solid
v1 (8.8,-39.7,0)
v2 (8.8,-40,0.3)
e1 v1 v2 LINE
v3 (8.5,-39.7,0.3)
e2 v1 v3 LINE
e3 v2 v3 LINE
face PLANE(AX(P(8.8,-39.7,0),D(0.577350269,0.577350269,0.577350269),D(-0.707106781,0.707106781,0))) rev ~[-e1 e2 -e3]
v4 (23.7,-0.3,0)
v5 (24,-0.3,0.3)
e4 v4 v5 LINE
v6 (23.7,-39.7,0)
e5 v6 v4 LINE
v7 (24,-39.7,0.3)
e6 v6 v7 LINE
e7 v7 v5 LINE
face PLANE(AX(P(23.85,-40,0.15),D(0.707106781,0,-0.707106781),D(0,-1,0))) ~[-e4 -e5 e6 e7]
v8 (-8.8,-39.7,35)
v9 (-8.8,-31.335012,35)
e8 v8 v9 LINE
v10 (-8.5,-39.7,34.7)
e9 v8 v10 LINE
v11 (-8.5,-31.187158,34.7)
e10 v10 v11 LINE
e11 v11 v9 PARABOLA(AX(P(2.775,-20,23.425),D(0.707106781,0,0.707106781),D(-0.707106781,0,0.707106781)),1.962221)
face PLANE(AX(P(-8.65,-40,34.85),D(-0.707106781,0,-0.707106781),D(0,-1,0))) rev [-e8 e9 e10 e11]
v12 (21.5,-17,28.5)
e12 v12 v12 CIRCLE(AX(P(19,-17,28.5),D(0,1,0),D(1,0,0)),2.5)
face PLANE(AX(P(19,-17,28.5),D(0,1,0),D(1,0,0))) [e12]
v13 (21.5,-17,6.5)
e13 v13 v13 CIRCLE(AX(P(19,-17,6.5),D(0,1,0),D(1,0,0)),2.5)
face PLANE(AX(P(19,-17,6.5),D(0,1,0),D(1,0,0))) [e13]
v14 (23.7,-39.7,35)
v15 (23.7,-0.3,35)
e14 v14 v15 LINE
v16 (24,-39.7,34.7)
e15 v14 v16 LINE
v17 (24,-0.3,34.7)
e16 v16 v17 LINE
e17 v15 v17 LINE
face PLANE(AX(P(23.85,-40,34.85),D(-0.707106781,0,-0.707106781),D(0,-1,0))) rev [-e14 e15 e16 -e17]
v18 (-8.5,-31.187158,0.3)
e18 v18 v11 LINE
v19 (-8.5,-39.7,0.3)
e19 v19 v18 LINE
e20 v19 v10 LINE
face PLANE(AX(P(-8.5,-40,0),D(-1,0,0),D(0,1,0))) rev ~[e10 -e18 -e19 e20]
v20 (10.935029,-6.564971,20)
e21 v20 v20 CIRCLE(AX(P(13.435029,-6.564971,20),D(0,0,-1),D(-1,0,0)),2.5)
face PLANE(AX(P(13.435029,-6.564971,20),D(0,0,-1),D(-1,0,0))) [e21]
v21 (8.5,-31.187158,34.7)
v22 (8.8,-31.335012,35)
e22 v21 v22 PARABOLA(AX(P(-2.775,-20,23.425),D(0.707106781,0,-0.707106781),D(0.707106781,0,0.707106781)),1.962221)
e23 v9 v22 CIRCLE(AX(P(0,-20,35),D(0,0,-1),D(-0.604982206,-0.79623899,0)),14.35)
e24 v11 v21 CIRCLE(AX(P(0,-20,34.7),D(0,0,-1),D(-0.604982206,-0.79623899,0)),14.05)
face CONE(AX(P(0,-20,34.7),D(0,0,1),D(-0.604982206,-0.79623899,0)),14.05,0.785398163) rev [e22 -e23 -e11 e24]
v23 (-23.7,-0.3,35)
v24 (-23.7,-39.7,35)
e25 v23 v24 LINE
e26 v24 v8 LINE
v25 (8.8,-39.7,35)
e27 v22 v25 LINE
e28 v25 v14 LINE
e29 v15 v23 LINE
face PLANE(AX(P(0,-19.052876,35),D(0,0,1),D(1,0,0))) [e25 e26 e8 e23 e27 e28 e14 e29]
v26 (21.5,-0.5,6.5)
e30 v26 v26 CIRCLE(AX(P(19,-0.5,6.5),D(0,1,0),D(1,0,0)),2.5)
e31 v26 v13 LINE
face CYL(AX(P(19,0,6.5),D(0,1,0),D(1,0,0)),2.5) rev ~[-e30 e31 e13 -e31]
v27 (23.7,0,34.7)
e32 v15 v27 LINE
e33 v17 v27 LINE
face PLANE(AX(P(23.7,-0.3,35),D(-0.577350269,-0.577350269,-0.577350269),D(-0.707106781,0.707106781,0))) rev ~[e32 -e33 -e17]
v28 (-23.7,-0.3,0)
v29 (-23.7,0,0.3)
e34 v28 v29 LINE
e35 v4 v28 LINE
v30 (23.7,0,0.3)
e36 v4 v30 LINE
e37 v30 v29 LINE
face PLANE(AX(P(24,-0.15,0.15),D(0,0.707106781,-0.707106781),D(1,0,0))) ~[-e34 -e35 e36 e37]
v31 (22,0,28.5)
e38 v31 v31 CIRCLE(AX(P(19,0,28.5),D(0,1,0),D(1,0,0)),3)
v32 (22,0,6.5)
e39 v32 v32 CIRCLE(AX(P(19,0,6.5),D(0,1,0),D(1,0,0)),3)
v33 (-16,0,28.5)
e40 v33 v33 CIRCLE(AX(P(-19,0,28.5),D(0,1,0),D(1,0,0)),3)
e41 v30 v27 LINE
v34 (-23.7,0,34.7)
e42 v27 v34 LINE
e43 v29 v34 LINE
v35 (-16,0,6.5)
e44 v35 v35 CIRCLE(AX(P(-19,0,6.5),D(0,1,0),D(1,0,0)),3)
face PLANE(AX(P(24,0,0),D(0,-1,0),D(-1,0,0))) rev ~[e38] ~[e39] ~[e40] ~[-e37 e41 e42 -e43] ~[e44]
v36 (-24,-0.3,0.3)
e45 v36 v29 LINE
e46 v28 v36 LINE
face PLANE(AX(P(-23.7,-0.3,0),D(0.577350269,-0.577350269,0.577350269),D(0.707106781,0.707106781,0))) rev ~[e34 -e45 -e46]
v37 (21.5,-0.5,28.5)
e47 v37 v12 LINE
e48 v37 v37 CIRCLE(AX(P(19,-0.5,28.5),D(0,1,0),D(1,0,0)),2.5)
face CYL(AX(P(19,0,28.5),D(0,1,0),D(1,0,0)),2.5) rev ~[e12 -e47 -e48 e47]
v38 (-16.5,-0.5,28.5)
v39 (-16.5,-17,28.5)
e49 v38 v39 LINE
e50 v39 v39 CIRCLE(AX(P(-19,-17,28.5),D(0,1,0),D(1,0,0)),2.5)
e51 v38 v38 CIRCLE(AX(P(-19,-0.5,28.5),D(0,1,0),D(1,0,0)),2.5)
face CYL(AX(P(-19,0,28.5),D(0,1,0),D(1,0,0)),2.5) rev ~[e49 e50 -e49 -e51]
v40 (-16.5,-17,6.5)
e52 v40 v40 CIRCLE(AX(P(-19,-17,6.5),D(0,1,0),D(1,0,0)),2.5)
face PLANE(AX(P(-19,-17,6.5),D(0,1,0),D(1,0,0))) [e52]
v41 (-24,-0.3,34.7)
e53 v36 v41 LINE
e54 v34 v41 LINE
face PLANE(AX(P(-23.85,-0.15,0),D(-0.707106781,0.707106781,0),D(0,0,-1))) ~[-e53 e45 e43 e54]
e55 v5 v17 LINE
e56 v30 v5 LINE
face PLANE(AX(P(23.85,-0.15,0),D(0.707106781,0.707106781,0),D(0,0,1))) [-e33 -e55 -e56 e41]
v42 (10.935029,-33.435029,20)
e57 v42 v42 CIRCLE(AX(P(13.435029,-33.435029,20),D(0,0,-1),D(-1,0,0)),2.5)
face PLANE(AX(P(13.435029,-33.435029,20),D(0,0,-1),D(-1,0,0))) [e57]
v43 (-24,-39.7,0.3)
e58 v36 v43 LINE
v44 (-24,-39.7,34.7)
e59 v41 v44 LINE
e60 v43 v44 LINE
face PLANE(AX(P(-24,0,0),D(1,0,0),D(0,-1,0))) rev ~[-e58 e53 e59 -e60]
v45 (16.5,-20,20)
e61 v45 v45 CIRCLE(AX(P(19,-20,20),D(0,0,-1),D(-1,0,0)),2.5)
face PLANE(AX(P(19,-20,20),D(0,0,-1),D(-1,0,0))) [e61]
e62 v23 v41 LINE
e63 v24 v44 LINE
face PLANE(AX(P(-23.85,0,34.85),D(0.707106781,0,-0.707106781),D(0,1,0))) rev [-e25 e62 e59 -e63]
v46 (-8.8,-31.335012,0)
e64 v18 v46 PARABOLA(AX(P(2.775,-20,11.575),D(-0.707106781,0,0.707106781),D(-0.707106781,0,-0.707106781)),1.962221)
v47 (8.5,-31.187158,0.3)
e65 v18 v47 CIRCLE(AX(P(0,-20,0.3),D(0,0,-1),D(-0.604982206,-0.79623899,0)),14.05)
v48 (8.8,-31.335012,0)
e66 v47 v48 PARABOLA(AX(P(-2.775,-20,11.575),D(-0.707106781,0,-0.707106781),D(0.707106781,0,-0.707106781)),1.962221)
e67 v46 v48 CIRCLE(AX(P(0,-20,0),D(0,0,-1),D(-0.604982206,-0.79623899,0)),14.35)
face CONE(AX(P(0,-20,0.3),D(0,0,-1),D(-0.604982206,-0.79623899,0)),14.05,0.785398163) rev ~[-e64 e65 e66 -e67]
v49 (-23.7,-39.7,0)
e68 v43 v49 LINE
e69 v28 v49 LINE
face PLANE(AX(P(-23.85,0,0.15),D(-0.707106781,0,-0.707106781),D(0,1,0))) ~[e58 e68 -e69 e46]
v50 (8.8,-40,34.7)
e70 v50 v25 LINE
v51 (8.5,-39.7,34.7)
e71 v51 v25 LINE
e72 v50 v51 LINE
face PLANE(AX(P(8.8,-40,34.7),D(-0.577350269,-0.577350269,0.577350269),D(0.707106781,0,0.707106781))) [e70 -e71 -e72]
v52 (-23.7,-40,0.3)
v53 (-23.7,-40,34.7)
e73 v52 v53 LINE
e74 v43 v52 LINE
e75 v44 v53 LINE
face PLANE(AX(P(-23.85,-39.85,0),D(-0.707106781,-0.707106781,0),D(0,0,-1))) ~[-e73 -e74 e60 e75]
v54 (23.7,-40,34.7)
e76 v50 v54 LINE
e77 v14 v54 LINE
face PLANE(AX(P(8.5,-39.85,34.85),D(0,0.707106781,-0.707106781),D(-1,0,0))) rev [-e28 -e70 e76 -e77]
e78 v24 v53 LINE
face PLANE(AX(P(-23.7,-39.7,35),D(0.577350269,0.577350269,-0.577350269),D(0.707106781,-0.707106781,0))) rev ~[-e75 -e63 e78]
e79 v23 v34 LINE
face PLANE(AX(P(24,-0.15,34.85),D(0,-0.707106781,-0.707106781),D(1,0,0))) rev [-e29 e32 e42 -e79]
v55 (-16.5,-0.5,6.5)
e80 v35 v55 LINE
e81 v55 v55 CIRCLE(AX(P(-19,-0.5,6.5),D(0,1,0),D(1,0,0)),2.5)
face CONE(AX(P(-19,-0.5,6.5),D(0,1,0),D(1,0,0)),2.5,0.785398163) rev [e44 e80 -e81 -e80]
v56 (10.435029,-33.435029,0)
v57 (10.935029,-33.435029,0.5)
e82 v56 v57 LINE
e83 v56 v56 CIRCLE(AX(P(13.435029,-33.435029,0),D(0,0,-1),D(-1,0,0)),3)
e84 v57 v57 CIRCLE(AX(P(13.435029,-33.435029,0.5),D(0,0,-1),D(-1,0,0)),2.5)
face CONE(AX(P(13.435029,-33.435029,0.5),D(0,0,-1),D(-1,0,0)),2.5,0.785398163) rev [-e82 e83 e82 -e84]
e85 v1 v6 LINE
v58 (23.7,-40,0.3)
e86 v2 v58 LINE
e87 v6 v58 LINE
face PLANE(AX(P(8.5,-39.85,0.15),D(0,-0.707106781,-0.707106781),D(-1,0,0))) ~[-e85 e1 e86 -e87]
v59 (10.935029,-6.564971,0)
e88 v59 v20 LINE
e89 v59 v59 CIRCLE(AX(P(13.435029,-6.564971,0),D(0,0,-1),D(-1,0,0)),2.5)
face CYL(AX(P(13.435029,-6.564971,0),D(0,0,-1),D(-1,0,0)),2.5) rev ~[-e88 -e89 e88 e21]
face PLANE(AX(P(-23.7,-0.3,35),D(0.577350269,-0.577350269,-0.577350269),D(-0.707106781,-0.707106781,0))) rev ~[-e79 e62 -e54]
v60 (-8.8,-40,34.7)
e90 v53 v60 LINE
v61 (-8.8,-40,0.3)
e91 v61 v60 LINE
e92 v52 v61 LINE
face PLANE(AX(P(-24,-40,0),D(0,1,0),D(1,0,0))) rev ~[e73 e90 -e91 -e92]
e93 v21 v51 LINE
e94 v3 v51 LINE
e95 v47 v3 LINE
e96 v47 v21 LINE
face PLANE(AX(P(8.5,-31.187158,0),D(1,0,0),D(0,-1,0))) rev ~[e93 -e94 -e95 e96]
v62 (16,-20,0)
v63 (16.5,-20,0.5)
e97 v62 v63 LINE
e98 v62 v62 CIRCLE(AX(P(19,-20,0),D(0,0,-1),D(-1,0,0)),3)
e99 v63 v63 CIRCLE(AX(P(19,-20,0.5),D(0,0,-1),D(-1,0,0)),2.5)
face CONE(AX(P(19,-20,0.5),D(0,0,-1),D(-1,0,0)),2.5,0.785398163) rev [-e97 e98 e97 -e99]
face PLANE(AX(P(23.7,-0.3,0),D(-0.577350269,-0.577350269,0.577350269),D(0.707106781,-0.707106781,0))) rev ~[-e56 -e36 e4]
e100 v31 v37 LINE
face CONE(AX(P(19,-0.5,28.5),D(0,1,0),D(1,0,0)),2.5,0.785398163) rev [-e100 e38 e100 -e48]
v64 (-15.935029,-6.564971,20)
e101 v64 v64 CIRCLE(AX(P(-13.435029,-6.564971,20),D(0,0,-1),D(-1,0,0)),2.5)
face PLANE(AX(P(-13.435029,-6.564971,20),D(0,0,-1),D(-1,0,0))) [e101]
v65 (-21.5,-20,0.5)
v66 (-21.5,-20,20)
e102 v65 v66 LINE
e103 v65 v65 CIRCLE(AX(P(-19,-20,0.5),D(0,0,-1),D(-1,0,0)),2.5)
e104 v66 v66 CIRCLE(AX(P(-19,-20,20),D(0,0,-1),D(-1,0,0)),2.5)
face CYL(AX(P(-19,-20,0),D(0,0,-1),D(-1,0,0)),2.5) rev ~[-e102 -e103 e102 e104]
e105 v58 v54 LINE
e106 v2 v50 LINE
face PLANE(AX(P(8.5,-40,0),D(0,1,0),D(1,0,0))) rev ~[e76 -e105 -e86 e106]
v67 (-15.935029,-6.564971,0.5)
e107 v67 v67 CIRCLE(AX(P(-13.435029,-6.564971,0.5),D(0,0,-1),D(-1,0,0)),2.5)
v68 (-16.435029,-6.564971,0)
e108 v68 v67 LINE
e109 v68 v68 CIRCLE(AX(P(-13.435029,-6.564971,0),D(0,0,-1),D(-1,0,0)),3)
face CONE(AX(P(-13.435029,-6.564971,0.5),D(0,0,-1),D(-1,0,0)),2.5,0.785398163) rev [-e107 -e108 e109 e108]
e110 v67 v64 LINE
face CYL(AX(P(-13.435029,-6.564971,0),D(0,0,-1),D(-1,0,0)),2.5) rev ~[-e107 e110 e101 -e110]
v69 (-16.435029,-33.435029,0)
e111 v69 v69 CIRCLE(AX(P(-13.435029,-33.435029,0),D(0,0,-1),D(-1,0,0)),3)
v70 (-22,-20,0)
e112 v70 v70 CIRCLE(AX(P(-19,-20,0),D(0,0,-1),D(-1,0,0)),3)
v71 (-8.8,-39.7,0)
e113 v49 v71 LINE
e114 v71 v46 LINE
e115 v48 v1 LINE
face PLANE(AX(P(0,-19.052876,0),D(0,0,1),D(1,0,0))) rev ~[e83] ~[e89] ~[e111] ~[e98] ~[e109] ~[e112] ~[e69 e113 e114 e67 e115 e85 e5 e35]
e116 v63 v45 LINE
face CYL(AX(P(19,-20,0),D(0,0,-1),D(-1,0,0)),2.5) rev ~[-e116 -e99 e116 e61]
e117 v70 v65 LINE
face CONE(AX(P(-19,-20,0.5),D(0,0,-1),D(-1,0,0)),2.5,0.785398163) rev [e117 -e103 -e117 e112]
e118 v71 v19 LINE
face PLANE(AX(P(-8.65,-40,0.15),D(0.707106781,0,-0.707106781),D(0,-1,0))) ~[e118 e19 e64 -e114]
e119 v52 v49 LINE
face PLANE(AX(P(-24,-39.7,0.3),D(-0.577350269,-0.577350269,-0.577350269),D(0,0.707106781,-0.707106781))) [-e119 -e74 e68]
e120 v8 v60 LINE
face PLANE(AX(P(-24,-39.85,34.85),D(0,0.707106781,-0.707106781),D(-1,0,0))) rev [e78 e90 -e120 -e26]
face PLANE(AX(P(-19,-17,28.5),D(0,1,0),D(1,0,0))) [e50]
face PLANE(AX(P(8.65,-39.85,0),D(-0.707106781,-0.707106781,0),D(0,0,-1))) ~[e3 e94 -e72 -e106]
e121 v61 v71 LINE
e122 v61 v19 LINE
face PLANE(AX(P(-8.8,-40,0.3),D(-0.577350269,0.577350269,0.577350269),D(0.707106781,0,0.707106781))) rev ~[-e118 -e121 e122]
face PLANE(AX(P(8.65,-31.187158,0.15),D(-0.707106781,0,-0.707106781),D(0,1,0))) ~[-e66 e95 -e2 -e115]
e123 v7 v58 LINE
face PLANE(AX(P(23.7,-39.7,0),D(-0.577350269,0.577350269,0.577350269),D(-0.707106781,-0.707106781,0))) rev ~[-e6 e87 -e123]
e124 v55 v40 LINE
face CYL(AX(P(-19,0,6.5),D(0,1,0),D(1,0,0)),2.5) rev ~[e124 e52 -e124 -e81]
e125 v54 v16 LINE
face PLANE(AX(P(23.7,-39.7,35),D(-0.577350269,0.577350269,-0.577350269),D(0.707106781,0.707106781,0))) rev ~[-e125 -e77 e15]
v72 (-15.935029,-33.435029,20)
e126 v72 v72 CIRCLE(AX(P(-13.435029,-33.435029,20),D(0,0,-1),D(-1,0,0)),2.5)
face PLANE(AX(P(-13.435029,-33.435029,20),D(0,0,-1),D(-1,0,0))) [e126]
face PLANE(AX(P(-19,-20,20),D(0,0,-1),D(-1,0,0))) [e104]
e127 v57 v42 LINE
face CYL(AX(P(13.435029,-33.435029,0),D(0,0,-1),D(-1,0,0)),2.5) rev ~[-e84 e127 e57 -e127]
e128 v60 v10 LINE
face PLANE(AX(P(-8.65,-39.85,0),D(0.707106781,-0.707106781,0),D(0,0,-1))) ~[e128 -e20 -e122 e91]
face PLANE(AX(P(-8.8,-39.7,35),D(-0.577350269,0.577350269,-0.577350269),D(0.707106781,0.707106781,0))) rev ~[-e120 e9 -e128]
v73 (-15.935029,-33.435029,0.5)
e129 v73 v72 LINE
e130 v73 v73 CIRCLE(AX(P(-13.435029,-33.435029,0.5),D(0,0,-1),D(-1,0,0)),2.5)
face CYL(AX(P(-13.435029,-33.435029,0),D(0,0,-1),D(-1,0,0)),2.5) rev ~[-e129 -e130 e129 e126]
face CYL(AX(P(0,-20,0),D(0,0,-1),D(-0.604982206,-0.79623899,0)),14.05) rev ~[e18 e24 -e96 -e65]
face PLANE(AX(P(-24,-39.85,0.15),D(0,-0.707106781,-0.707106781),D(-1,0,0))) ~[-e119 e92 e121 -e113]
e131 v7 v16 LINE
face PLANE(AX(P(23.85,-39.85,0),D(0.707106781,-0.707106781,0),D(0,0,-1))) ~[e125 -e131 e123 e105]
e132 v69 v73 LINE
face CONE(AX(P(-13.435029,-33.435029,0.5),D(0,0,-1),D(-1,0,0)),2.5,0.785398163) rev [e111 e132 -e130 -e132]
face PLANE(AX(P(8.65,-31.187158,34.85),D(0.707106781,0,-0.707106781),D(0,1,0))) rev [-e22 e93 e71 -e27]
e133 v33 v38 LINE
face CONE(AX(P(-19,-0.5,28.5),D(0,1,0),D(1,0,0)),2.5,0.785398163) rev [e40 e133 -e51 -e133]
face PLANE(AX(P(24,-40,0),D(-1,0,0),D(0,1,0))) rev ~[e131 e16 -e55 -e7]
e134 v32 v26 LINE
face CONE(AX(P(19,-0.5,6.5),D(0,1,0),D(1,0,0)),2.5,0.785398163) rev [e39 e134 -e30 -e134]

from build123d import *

# Parameters (mm, degrees)
BOSS_EXTRUDE1_DEPTH = 35
CHAMFER2_SIZE       = 0.3
SKETCH2_R           = 2.5
CUT_EXTRUDE1_DEPTH  = 17
SKETCH3_R           = 2.5
CUT_EXTRUDE2_DEPTH  = 20
CHAMFER3_SIZE       = 0.5


with BuildPart() as part:
    # Sketch1 → Boss-Extrude1 (new body)
    with BuildSketch(Plane.XY):
        with BuildLine():
            Line((24, 0), (-24, 0))
            Line((-24, 0), (-24, -40))
            Line((-24, -40), (-8.5, -40))
            Line((-8.5, -40), (-8.5, -31.187157816))
            ThreePointArc((-8.5, -31.187157816), (0, -5.95), (8.5, -31.187157816))
            Line((8.5, -31.187157816), (8.5, -40))
            Line((8.5, -40), (24, -40))
            Line((24, -40), (24, 0))
        make_face()
    extrude(amount=BOSS_EXTRUDE1_DEPTH)

    # Chamfer2
    chamfer2_edges = [part.edges().sort_by_distance(p)[0] for p in [
        (0, -5.95, 35),
        (-8.5, -35.593578908, 0),
        (-16.25, -40, 0),
        (8.5, -35.593578908, 35),
        (-24, -40, 17.5),
        (-24, 0, 17.5),
        (24, 0, 17.5),
        (24, -40, 17.5),
        (8.5, -40, 17.5),
        (-8.5, -40, 17.5),
        (16.25, -40, 35),
        (24, -20, 35),
        (0, 0, 35),
        (-24, -20, 35),
        (-16.25, -40, 35),
        (-8.5, -35.593578908, 35),
        (-24, -20, 0),
        (0, 0, 0),
        (24, -20, 0),
        (16.25, -40, 0),
        (8.5, -35.593578908, 0),
        (0, -5.95, 0),
    ]]
    chamfer(chamfer2_edges, length=CHAMFER2_SIZE)

    # Sketch2 → Cut-Extrude1 (cut)
    with BuildSketch(Plane(origin=(0, 0, 0), x_dir=(1, 0, 0), z_dir=(0, 1, 0))):
        with Locations((-19, -6.5)):
            Circle(SKETCH2_R)
        with Locations((19, -6.5)):
            Circle(SKETCH2_R)
        with Locations((19, -28.5)):
            Circle(SKETCH2_R)
        with Locations((-19, -28.5)):
            Circle(SKETCH2_R)
    extrude(amount=-CUT_EXTRUDE1_DEPTH, mode=Mode.SUBTRACT)

    # Sketch3 → Cut-Extrude2 (cut)
    with BuildSketch(Plane(origin=(0, 0, 0), x_dir=(-1, 0, 0), z_dir=(0, 0, -1))):
        with Locations((-13.435028843, -33.435028843)):
            Circle(SKETCH3_R)
        with Locations((13.435028843, -33.435028843)):
            Circle(SKETCH3_R)
        with Locations((13.435028843, -6.564971157)):
            Circle(SKETCH3_R)
        with Locations((-13.435028843, -6.564971157)):
            Circle(SKETCH3_R)
        with Locations((-19, -20)):
            Circle(SKETCH3_R)
        with Locations((19, -20)):
            Circle(SKETCH3_R)
    extrude(amount=-CUT_EXTRUDE2_DEPTH, mode=Mode.SUBTRACT)

    # Chamfer3
    chamfer3_edges = [part.edges().sort_by_distance(p)[0] for p in [
        (16.5, 0, 28.5),
        (-21.5, 0, 28.5),
        (15.935028843, -33.435028843, 0),
        (-10.935028843, -33.435028843, 0),
        (-10.935028843, -6.564971157, 0),
        (-16.5, -20, 0),
        (21.5, -20, 0),
        (-21.5, 0, 6.5),
        (16.5, 0, 6.5),
    ]]
    chamfer(chamfer3_edges, length=CHAMFER3_SIZE)


solid = part.part
